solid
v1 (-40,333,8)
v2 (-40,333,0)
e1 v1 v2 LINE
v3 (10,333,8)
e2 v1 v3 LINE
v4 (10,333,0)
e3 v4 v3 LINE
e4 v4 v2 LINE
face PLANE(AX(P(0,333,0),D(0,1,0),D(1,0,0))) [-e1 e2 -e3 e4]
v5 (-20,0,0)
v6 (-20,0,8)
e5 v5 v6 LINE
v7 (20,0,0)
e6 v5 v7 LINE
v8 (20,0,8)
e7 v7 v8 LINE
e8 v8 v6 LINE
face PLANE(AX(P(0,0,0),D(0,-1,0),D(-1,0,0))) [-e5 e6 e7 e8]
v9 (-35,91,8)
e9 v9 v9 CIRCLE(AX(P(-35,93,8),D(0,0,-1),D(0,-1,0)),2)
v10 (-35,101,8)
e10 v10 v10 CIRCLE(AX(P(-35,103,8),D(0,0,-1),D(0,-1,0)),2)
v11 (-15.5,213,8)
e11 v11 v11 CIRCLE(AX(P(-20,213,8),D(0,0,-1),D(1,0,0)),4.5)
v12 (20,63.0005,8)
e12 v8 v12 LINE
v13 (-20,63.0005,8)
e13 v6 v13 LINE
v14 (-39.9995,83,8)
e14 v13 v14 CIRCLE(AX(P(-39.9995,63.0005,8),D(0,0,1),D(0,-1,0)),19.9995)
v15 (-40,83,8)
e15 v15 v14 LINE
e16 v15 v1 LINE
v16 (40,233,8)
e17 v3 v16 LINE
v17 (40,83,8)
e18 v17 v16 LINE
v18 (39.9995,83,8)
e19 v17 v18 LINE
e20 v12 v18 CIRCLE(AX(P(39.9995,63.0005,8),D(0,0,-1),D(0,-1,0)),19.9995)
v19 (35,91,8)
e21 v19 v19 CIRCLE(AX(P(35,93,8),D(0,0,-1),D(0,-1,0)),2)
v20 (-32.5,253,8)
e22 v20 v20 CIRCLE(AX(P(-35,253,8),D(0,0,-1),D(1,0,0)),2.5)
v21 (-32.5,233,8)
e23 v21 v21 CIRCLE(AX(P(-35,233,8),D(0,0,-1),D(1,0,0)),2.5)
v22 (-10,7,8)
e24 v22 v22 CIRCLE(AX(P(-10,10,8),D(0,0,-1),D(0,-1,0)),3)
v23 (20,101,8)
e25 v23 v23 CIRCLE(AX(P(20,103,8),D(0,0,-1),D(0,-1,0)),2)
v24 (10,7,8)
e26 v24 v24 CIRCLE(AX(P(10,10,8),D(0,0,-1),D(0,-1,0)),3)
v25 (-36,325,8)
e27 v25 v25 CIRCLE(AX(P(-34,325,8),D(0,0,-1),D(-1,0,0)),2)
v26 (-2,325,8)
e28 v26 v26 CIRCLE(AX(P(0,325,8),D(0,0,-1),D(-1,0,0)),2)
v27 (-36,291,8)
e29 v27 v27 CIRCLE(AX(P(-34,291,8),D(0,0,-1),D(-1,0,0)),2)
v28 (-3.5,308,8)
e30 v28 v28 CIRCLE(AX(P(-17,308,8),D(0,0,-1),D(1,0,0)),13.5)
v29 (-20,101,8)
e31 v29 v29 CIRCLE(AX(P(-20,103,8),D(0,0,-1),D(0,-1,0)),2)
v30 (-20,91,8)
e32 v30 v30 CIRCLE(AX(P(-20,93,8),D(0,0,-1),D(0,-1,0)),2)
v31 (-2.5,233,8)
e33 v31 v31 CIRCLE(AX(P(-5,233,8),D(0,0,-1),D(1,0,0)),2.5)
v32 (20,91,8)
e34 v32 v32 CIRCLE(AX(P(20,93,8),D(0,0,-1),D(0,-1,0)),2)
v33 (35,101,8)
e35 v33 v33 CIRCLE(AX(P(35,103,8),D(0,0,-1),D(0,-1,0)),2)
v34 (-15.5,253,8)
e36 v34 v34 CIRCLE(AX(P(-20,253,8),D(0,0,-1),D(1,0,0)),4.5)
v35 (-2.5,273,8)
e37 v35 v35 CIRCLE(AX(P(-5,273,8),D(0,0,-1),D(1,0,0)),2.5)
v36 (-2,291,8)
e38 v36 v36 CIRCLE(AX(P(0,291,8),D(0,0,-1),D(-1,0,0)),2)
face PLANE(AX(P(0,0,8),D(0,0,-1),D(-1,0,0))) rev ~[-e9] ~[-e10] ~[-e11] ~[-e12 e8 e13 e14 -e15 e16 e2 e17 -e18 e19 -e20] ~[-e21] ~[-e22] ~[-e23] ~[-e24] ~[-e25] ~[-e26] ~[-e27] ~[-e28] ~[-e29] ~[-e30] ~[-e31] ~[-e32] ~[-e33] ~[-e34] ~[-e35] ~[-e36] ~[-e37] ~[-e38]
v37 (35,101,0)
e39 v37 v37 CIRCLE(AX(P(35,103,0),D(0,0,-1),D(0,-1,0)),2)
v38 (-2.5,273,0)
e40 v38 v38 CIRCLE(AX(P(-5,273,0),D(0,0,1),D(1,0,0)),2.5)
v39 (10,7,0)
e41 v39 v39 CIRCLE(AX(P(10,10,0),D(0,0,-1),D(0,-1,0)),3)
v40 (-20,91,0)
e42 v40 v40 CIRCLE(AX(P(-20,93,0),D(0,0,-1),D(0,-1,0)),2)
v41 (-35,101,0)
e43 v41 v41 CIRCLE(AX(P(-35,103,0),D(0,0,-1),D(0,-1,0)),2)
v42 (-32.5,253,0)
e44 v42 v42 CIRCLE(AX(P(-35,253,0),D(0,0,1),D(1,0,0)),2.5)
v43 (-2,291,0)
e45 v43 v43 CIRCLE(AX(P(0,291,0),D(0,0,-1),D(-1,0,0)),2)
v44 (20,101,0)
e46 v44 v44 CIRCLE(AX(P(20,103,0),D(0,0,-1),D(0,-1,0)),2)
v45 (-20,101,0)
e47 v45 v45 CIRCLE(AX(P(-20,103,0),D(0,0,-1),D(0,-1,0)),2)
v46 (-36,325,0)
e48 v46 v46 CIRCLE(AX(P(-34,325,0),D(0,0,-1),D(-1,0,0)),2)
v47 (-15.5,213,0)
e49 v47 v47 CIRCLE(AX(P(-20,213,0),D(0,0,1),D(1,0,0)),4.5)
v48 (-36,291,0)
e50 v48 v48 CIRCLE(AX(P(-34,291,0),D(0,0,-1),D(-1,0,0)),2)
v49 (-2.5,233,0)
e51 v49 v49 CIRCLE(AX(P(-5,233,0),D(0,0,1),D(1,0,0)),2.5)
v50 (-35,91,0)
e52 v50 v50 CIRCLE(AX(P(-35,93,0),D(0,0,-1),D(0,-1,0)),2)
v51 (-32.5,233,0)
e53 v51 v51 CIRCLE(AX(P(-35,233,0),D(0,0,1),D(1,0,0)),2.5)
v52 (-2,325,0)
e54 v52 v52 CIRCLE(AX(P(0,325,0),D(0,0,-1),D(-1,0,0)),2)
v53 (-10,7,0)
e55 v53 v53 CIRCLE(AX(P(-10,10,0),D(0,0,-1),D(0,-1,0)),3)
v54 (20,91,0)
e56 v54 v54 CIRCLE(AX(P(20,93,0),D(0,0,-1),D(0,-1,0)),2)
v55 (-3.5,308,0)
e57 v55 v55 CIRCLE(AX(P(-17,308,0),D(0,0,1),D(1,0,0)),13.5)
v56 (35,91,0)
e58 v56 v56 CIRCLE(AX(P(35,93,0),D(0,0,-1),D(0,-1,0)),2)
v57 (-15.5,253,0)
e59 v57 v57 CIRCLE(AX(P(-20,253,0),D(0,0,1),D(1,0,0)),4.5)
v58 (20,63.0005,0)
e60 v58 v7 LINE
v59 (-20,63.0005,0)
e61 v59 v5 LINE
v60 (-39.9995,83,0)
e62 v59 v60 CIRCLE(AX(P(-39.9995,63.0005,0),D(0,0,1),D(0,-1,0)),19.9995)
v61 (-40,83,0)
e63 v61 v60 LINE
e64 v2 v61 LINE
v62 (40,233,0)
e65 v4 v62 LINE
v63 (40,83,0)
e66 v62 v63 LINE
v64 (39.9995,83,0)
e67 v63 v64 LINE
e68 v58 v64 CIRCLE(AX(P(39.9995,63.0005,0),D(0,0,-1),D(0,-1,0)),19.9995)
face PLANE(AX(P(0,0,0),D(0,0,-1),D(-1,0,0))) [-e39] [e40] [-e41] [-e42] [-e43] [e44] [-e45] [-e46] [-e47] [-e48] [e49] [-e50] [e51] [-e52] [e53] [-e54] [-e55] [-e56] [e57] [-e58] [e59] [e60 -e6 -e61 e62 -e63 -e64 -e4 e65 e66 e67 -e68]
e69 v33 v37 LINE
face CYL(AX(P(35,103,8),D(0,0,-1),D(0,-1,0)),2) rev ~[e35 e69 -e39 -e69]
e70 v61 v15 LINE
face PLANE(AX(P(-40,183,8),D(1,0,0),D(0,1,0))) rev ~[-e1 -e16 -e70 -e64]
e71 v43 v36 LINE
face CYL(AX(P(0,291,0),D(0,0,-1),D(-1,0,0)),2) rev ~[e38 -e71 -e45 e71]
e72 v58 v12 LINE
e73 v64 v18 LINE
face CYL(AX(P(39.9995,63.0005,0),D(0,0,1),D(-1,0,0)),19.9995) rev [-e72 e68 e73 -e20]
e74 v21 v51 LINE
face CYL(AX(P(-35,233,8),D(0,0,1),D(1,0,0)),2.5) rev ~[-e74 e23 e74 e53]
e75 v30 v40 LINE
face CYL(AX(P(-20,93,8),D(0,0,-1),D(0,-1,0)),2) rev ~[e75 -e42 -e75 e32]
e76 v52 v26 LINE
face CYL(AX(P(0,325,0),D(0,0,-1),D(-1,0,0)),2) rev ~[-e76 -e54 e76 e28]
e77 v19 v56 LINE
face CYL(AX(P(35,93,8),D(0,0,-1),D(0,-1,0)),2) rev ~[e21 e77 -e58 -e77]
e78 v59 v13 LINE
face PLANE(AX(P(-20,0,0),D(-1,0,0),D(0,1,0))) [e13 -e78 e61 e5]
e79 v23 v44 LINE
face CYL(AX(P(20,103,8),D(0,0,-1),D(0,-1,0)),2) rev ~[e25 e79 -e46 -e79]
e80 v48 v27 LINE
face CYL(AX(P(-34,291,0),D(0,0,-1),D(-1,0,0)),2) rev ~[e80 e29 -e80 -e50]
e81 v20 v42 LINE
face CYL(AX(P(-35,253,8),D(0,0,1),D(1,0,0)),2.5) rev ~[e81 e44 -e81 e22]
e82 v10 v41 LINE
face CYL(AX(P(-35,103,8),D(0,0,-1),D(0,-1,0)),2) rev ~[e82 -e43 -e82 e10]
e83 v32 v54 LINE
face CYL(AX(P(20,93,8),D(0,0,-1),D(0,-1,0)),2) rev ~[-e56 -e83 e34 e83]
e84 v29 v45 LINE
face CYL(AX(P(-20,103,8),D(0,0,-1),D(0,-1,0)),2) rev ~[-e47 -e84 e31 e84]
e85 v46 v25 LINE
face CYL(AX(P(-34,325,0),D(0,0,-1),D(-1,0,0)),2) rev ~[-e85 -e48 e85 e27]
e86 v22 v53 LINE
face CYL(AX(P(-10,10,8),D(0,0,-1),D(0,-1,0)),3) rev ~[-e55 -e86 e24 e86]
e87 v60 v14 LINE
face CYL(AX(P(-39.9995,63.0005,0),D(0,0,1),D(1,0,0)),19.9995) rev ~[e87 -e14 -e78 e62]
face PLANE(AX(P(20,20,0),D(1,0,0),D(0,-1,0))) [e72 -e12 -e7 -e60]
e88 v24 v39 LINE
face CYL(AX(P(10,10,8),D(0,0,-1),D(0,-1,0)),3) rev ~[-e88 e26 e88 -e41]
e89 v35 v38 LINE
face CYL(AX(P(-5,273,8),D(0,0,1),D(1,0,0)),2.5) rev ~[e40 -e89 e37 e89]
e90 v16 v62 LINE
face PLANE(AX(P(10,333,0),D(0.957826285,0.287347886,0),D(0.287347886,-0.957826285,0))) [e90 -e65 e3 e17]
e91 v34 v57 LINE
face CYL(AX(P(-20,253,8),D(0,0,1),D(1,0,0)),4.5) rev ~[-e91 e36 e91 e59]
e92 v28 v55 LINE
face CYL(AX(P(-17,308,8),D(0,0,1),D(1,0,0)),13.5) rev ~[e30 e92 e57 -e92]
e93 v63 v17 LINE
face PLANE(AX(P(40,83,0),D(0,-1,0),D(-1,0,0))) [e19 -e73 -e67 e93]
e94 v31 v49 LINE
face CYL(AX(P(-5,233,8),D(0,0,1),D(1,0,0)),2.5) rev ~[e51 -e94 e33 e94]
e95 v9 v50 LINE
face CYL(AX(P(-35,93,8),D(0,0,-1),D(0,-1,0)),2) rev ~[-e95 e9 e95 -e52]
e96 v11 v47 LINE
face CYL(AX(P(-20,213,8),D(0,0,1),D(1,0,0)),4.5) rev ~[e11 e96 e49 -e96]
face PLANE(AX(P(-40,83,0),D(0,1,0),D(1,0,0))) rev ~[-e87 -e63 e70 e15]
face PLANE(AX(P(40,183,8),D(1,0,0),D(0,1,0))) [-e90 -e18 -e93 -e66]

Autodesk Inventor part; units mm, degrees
ref_plane "YZ Plane" through (0, 0, 0) normal (1, 0, 0) x (0, 1, 0)
ref_plane "XZ Plane" through (0, 0, 0) normal (0, 1, 0) x (-1, 0, 0)
ref_plane "XY Plane" through (0, 0, 0) normal (0, 0, 1) x (1, 0, 0)
sketch "Szkic1" plane through (0, 0, 0) normal (0, 0, 1) x (1, 0, 0)
  line L0 (0, 0) -> (20, 0)
  line L1 (0, 0) -> (-20, 0)
  line L2 (-20, 0) -> (-20, 20)
  line L3 (-20, 0) -> (0, 0) construction
  line L4 (-20, 20) -> (20, 20)
  line L5 (20, 20) -> (20, 0)
  line L6 (-20, 0) -> (-20, 88)
  line L7 (-20, 88) -> (20, 88)
  line L8 (20, 88) -> (20, 20)
  line L9 (20, 88) -> (20, 93)
  line L10 (20, 93) -> (-20, 93)
  line L11 (-20, 93) -> (-20, 88)
  line L12 (0, 93) -> (35, 93)
  line L13 (35, 93) -> (40, 93)
  line L14 (0, 93) -> (-35, 93)
  line L15 (-35, 93) -> (-40, 93)
  line L16 (-40, 93) -> (-40, 103)
  line L17 (-40, 103) -> (40, 103)
  line L18 (40, 103) -> (40, 93)
  line L19 (-35, 93) -> (-35, 103)
  line L20 (35, 93) -> (35, 103)
  circle A0 centre (-35, 103) radius 1.5
  circle A1 centre (-35, 93) radius 1.5
  circle A2 centre (35, 103) radius 1.5
  circle A3 centre (35, 93) radius 1.5
  line L21 (40, 93) -> (40, 83)
  line L22 (40, 83) -> (20, 83)
  line L23 (-40, 93) -> (-40, 83)
  line L24 (-40, 83) -> (-20, 83)
  line L25 (-40, 103) -> (-40, 183)
  line L26 (40, 103) -> (40, 183)
  line L27 (40, 183) -> (-40, 183)
  dimension "d0" = 20
  dimension "d1" = 20
  dimension "d2" = 20
  dimension "d3" = 90
  dimension "d4" = 88
  dimension "d5" = 5
  dimension "d6" = 35
  dimension "d7" = 5
  dimension "d8" = 35
  dimension "d9" = 5
  dimension "d10" = 10
  dimension "d11" = 3
  dimension "d12" = 3
  dimension "d13" = 3
  dimension "d14" = 3
  dimension "d15" = 10
  dimension "d16" = 10
  dimension "d17" = 80
  dimension "d18" = 80
extrude "Wyciągnięcie proste1" add sketch "Szkic1" along normal blind 8
sketch "Szkic2" plane through (0, 0, 8) normal (0, 0, 1) x (1, 0, 0)
  circle A0 centre (-35, 103) radius 1.5 projected
  circle A1 centre (-35, 93) radius 1.5 projected
  circle A2 centre (35, 103) radius 1.5 projected
  circle A3 centre (35, 93) radius 1.5 projected
  line L0 (-35, 103) -> (35, 103)
  line L1 (-35, 93) -> (35, 93)
  line L2 (-35, 103) -> (-20, 103)
  line L3 (-20, 103) -> (-20, 93)
  line L4 (35, 103) -> (20, 103)
  line L5 (20, 103) -> (20, 93)
  circle A4 centre (-20, 103) radius 2
  circle A5 centre (-20, 93) radius 2
  circle A6 centre (20, 103) radius 2
  circle A7 centre (20, 93) radius 2
  line L6 (40, 83) -> (40, 183) projected
  line L7 (40, 183) -> (-40, 183) projected
  line L8 (-40, 183) -> (-40, 83) projected
  line L9 (-40, 83) -> (-20, 83) projected
  line L10 (-20, 83) -> (-20, 0) projected
  line L11 (-20, 0) -> (20, 0) projected
  line L12 (20, 0) -> (20, 83) projected
  line L13 (20, 83) -> (40, 83) projected
  line L14 (-20, 0) -> (20, 0) projected
  line L15 (-20, 0) -> (-20, 10)
  line L16 (-20, 83) -> (-20, 0) projected
  line L17 (-20, 10) -> (20, 10)
  line L18 (-20, 10) -> (-10, 10)
  line L19 (20, 10) -> (10, 10)
  circle A8 centre (-10, 10) radius 3
  circle A9 centre (10, 10) radius 3
  point P0 (0, 0)
  dimension "d21" = 15
  dimension "d22" = 15
  dimension "d23" = 4
  dimension "d24" = 4
  dimension "d25" = 4
  dimension "d26" = 4
  dimension "d27" = 10
  dimension "d28" = 10
  dimension "d29" = 10
  dimension "d30" = 6
  dimension "d31" = 6
hole "Otwór1" at (-20, 103, 8) at (-20, 93, 8) at (20, 103, 8) at (20, 93, 8) at (-35, 103, 8) at (-35, 93, 8) at (35, 103, 8) at (35, 93, 8) direction (0, 0, -1) diameter 4 end through all
sketch "Szkic3" plane through (0, 0, 8) normal (0, 0, 1) x (1, 0, 0)
  circle A0 centre (-10, 10) radius 3 projected
  circle A1 centre (10, 10) radius 3 projected
  point P0 (0, 0)
hole "Otwór2" at (-10, 10, 8) at (10, 10, 8) direction (0, 0, -1) diameter 6 end through all
fillet "Zaokrąglenie1" radius 20 2 edges at (20, 83, 4) (-20, 83, 4)
sketch "Szkic4" plane through (0, 0, 8) normal (0, 0, 1) x (1, 0, 0)
  line L0 (40, 183) -> (-40, 183) projected
  line L1 (40, 83) -> (40, 183) projected
  line L2 (40, 183) -> (-40, 183)
  line L3 (-40, 183) -> (-40, 333)
  line L4 (-40, 333) -> (0, 333)
  line L5 (40, 183) -> (40, 233)
  line L6 (40, 233) -> (0, 333)
  point P0 (0, 0)
  dimension "d47" = 150
  dimension "d50" = 50
extrude "Wyciągnięcie proste2" add sketch "Szkic4" against normal up to surface (8 mm away)
sketch "Szkic5" plane through (0, 0, 8) normal (0, 0, 1) x (1, 0, 0)
  line L0 (0, 333) -> (-40, 333) projected
  line L1 (-40, 333) -> (-40, 83) projected
  line L2 (-40, 333) -> (-40, 308)
  line L3 (-40, 308) -> (-17, 308)
  circle A0 centre (-17, 308) radius 13.5
  point P0 (0, 0)
  dimension "d51" = 25
  dimension "d52" = 23
  dimension "d53" = 27
extrude "Wyciągnięcie proste4" cut sketch "Szkic5" against normal up to next
sketch "Szkic7" plane through (0, 0, 0) normal (0, 0, -1) x (-1, 0, 0)
  line L0 (0, 333) -> (-40, 233) projected
  line L1 (0, 333) -> (40, 333) projected
  line L2 (0, 333) -> (-10, 333)
  line L3 (-10, 333) -> (-40, 233)
  point P0 (0, 0)
  dimension "d59" = 10
extrude "Wyciągnięcie proste5" add sketch "Szkic7" against normal blind 8
sketch "Szkic9" plane through (0, 0, 0) normal (0, 0, -1) x (-1, 0, 0)
  circle A0 centre (17, 308) radius 15
  line L0 (42, 333) -> (-8, 333)
  line L1 (-8, 333) -> (-23, 283)
  line L2 (-23, 283) -> (42, 283)
  line L3 (42, 283) -> (42, 333)
  line L4 (-10, 333) -> (40, 333) projected
  line L5 (40, 83) -> (40, 333) projected
  circle A1 centre (0, 325) radius 2
  circle A2 centre (34, 325) radius 2
  circle A3 centre (0, 291) radius 2
  circle A4 centre (34, 291) radius 2
  circle A5 centre (17, 308) radius 13.5 projected
  point P0 (0, 0)
  point P1 (42, 283)
  dimension "d62" = 4
  dimension "d63" = 4
  dimension "d64" = 4
  dimension "d65" = 4
extrude "Wyciągnięcie proste6" cut sketch "Szkic9" against normal up to next contours A1 | A2 | A3 | A4
thread "Gwint1" size "M4x0.7" class "6H" standard "ANSI Metric M Profile" full length
thread "Gwint2" size "M4x0.7" class "6H" standard "ANSI Metric M Profile" full length
thread "Gwint3" size "M4x0.7" class "6H" standard "ANSI Metric M Profile" full length
thread "Gwint4" size "M4x0.7" class "6H" standard "ANSI Metric M Profile" full length
sketch "Szkic11" plane through (0, 0, 8) normal (0, 0, 1) x (1, 0, 0)
  line L0 (-40, 333) -> (-40, 83) projected
  line L1 (10, 333) -> (-40, 333) projected
  line L2 (-40, 333) -> (-40, 243)
  line L3 (-40, 83) -> (-40, 333) projected
  line L4 (-40, 333) -> (50, 333) construction
  line L5 (-40, 243) -> (0, 243)
  line L6 (0, 243) -> (0, 163)
  line L7 (0, 163) -> (-40, 163)
  line L8 (-40, 243) -> (-20, 243)
  line L9 (-20, 243) -> (-20, 163)
  line L10 (-20, 163) -> (-20, 203)
  line L11 (-20, 243) -> (-20, 223)
  line L12 (-20, 203) -> (-20, 213)
  line L13 (-20, 243) -> (-20, 253)
  circle A0 centre (-20, 213) radius 4.5
  circle A1 centre (-20, 253) radius 4.5
  point P0 (0, 0)
  dimension "d76" = 90
  dimension "d77" = 90
  dimension "d78" = 40
  dimension "d79" = 80
  dimension "d80" = 20
  dimension "d81" = 40
  dimension "d82" = 20
  dimension "d113" = 10
  dimension "d114" = 10
  dimension "d115" = 9
  dimension "d116" = 9
extrude "Wyciągnięcie proste7" cut sketch "Szkic11" against normal up to next contours A1 | A0 L9 | L9 A0
sketch "Szkic12" plane through (0, 0, 8) normal (0, 0, 1) x (1, 0, 0)
  line L0 (40, 233) -> (10, 333)
  line L1 (10, 333) -> (-40, 333)
  line L2 (-40, 333) -> (-40, 83)
  line L3 (40, 83) -> (40, 233)
  arc A0 (-20, 63) -> (-40, 83) centre (-40, 63) ccw
  arc A1 (40, 83) -> (20, 63) centre (40, 63) ccw
  line L4 (-40, 283) -> (20, 283)
  line L5 (20, 283) -> (20, 223)
  line L6 (-40, 223) -> (20, 223)
  line L7 (-40, 223) -> (-40, 283)
  circle A2 centre (0, 291) radius 2 projected
  circle A3 centre (0, 325) radius 2 projected
  circle A4 centre (-34, 325) radius 2 projected
  circle A5 centre (-34, 291) radius 2 projected
  circle A6 centre (-17, 308) radius 13.5 projected
  circle A7 centre (-10, 10) radius 3 projected
  circle A8 centre (10, 10) radius 3 projected
  circle A9 centre (35, 103) radius 2 projected
  circle A10 centre (-35, 103) radius 2 projected
  circle A11 centre (20, 103) radius 2 projected
  circle A12 centre (-20, 103) radius 2 projected
  circle A13 centre (-20, 93) radius 2 projected
  circle A14 centre (20, 93) radius 2 projected
  circle A15 centre (-35, 93) radius 2 projected
  circle A16 centre (35, 93) radius 2 projected
  line L8 (-20, 63) -> (-20, 0) projected
  line L9 (-20, 0) -> (20, 0) projected
  line L10 (20, 0) -> (20, 63) projected
  arc A17 (40, 83) -> (20, 63) centre (40, 63) ccw projected
  line L11 (40, 83) -> (40, 233) projected
  line L12 (40, 233) -> (10, 333) projected
  line L13 (10, 333) -> (-40, 333) projected
  line L14 (-40, 333) -> (-40, 83) projected
  arc A18 (-20, 63) -> (-40, 83) centre (-40, 63) ccw projected
  line L15 (-35, 258) -> (-35, 253)
  line L16 (-5, 278) -> (-5, 273)
  line L17 (-35, 228) -> (-35, 233)
  line L18 (-5, 228) -> (-5, 233)
  circle A19 centre (-35, 233) radius 2.5
  circle A20 centre (-5, 233) radius 2.5
  circle A21 centre (-5, 273) radius 2.5
  circle A22 centre (-35, 253) radius 2.5
  line L19 (-37.5, 248) -> (-37.5, 258)
  arc A23 (-32.5, 258) -> (-37.5, 258) centre (-35, 258) ccw
  line L20 (-32.5, 258) -> (-32.5, 248)
  arc A24 (-37.5, 248) -> (-32.5, 248) centre (-35, 248) ccw
  line L21 (-2.5, 238) -> (-2.5, 228)
  arc A25 (-7.5, 228) -> (-2.5, 228) centre (-5, 228) ccw
  line L22 (-7.5, 228) -> (-7.5, 238)
  arc A26 (-2.5, 238) -> (-7.5, 238) centre (-5, 238) ccw
  line L23 (-37.5, 228) -> (-37.5, 238)
  arc A27 (-32.5, 238) -> (-37.5, 238) centre (-35, 238) ccw
  line L24 (-32.5, 238) -> (-32.5, 228)
  arc A28 (-37.5, 228) -> (-32.5, 228) centre (-35, 228) ccw
  line L25 (-2.5, 278) -> (-2.5, 268)
  arc A29 (-7.5, 268) -> (-2.5, 268) centre (-5, 268) ccw
  line L26 (-7.5, 268) -> (-7.5, 278)
  arc A30 (-2.5, 278) -> (-7.5, 278) centre (-5, 278) ccw
  line L27 (-30, 248) -> (-30, 258)
  arc A31 (-10, 258) -> (-30, 258) centre (-20, 258) ccw
  line L28 (-10, 258) -> (-10, 248)
  arc A32 (-30, 248) -> (-10, 248) centre (-20, 248) ccw
  line L29 (-40, 223) -> (-40, 283)
  line L30 (-40, 223) -> (20, 223)
  line L31 (20, 283) -> (20, 223)
  line L32 (-40, 283) -> (20, 283)
  line L33 (-35, 278) -> (-35, 283)
  line L34 (-5, 278) -> (-5, 283)
  line L35 (-35, 228) -> (-35, 223)
  line L36 (-5, 228) -> (-5, 223)
  line L37 (10, 333) -> (-40, 333) projected
  line L38 (-40, 333) -> (-40, 283)
  line L39 (-40, 83) -> (-40, 333) projected
  point P0 (0, 0)
  point P1 (30, 43)
  point P2 (-35, 248)
  point P3 (-5, 268)
  point P4 (-5, 238)
  point P5 (-35, 238)
  dimension "d87" = 5
  dimension "d88" = 5
  dimension "d89" = 5
  dimension "d90" = 5
  dimension "d91" = 5
  dimension "d92" = 5
  dimension "d93" = 5
  dimension "d94" = 5
  dimension "d118" = 50
extrude "Wyciągnięcie proste8" cut sketch "Szkic12" against normal up to next contours A19 | A21 | A20 | A22
thread "Gwint9" size "M4x0.7" class "6H" standard "ANSI Metric M Profile" full length
thread "Gwint10" size "M4x0.7" class "6H" standard "ANSI Metric M Profile" full length
thread "Gwint11" size "M4x0.7" class "6H" standard "ANSI Metric M Profile" full length
thread "Gwint12" size "M4x0.7" class "6H" standard "ANSI Metric M Profile" full length
thread "Gwint13" size "M5x0.8" class "6H" standard "ANSI Metric M Profile" full length
thread "Gwint14" size "M5x0.8" class "6H" standard "ANSI Metric M Profile" full length
thread "Gwint15" size "M5x0.8" class "6H" standard "ANSI Metric M Profile" full length
thread "Gwint16" size "M5x0.8" class "6H" standard "ANSI Metric M Profile" full length
properties part number "Wspornik pionowy osi Y - prawa strona"
